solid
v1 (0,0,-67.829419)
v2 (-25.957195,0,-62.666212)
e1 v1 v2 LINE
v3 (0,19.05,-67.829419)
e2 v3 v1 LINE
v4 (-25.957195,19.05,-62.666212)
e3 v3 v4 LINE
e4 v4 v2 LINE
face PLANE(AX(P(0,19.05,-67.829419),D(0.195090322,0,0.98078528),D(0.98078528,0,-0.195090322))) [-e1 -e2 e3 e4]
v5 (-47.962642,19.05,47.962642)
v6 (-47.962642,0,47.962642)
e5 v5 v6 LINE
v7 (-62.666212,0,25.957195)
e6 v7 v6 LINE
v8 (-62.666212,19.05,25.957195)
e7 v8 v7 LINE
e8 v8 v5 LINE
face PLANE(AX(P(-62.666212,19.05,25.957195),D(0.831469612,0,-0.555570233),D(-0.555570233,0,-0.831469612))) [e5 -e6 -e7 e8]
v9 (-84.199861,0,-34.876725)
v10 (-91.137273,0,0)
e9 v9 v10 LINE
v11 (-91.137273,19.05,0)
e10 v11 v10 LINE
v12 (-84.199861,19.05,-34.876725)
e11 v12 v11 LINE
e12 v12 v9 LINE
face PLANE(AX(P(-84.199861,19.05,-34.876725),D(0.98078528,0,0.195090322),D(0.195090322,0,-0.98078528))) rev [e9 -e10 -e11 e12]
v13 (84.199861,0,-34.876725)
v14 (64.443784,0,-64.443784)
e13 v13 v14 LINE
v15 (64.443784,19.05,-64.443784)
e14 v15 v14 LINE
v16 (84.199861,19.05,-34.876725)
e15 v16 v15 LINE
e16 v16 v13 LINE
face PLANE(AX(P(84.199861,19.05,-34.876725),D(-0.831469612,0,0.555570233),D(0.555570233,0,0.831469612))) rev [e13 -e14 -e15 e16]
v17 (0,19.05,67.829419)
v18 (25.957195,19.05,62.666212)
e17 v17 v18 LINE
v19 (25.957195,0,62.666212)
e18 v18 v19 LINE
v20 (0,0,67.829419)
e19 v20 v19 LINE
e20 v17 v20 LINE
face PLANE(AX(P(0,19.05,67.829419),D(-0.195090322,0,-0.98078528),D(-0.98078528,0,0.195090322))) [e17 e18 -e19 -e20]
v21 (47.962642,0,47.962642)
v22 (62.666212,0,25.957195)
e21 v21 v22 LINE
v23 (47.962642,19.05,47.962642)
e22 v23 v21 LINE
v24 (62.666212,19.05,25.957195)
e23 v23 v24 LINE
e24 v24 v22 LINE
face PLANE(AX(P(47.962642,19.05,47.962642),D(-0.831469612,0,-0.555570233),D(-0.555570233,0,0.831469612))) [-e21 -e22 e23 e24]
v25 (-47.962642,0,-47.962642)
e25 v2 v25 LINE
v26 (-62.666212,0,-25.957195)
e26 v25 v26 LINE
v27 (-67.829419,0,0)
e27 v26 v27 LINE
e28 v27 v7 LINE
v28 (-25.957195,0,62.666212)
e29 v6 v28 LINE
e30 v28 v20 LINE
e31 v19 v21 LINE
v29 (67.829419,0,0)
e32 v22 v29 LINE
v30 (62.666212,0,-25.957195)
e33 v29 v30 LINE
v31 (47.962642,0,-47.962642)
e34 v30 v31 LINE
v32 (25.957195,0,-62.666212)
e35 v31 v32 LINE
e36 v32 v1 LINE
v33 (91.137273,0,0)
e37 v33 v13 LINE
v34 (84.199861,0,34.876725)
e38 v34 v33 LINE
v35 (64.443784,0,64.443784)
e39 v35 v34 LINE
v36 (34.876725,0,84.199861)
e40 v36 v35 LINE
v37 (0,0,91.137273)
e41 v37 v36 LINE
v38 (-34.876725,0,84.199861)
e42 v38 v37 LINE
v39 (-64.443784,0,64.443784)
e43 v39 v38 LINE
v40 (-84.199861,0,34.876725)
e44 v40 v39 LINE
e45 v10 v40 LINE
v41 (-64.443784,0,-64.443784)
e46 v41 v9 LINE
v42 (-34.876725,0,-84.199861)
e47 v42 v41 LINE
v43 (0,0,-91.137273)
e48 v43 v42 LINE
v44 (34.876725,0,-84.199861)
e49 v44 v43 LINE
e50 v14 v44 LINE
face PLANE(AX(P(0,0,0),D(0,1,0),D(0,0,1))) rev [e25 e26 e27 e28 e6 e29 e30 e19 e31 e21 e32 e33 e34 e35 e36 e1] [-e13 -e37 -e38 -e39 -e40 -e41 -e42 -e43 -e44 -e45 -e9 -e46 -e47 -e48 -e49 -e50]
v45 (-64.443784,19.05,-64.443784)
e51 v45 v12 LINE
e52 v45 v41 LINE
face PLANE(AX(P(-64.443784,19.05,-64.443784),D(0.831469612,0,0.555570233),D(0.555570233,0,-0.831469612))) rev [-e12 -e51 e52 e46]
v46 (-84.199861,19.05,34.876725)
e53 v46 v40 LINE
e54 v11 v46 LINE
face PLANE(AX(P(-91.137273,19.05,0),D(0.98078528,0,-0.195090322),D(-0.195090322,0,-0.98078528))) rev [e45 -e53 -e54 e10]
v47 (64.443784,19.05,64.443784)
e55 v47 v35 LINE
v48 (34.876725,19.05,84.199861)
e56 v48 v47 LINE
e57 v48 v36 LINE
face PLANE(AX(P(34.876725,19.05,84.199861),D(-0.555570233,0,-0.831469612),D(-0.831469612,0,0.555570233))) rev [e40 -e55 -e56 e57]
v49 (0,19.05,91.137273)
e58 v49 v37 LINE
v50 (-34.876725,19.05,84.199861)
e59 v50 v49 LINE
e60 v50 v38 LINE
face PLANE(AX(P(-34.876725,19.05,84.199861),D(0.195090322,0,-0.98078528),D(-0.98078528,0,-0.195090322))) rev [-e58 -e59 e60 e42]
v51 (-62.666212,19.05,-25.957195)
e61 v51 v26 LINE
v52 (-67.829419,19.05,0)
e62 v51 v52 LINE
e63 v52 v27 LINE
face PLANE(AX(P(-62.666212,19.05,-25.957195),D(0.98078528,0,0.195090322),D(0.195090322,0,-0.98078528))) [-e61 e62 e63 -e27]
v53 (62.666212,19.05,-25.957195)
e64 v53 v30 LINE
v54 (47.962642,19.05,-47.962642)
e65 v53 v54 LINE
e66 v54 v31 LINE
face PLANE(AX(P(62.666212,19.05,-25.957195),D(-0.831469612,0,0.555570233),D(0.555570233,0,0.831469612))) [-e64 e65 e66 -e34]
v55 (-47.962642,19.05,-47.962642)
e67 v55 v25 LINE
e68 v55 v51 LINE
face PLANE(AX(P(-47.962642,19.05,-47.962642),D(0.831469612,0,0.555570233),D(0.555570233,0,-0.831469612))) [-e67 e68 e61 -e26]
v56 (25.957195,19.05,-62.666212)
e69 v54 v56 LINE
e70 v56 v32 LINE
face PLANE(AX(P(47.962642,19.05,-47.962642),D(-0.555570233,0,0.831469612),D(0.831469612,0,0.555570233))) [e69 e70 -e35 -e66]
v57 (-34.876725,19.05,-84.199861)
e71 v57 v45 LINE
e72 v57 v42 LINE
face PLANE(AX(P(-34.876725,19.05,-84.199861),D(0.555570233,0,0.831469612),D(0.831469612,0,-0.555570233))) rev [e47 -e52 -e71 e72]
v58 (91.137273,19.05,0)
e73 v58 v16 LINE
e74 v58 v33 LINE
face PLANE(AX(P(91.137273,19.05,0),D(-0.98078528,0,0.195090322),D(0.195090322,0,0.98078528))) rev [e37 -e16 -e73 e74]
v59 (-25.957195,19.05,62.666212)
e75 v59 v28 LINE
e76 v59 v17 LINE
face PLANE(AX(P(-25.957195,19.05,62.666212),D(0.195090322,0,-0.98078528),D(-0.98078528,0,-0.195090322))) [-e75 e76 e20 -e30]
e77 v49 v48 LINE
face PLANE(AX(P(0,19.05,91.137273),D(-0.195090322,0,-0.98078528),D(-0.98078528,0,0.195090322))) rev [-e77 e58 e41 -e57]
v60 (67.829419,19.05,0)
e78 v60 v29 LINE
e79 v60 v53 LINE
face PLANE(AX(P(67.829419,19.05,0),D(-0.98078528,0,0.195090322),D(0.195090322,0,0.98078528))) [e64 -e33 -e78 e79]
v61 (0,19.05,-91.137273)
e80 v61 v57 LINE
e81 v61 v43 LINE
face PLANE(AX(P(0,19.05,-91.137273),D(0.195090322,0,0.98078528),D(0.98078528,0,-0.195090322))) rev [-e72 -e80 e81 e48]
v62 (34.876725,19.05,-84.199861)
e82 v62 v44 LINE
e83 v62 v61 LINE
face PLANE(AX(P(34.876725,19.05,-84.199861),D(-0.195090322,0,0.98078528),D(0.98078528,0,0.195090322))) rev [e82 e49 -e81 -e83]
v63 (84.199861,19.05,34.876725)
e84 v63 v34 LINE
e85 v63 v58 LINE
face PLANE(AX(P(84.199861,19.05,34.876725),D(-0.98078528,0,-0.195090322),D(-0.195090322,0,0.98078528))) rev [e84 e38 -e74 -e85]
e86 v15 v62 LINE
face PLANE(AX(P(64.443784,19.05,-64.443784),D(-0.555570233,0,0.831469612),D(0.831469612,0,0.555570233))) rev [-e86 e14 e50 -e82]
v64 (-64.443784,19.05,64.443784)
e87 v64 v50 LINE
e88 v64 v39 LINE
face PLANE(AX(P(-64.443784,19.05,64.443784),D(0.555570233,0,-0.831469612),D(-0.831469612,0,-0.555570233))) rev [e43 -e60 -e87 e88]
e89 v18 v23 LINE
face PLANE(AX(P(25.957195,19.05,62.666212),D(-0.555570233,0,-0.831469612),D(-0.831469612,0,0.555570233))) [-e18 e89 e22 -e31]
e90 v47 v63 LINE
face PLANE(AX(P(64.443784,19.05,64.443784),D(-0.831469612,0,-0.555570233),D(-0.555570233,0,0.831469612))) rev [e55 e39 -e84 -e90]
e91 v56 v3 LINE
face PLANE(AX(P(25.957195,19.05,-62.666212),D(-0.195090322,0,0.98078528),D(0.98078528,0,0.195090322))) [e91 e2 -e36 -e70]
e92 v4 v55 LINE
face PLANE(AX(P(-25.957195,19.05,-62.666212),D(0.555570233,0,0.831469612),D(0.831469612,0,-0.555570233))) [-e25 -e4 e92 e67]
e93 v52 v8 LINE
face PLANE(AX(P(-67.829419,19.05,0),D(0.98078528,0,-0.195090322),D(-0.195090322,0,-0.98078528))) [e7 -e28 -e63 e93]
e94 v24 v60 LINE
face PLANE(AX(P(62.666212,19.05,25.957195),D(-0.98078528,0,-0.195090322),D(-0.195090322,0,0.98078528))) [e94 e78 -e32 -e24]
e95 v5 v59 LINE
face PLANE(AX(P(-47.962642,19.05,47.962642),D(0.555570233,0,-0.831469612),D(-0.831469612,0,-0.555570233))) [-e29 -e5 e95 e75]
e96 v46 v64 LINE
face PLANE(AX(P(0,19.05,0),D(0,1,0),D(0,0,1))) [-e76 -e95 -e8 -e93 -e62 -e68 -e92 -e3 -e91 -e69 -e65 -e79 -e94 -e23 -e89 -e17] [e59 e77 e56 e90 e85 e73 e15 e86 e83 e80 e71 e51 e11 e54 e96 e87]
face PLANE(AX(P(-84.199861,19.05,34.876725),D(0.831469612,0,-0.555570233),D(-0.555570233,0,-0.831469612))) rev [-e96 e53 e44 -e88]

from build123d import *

# Parameters (mm, degrees)
BOSS_EXTRUDE1_DEPTH = 19.05


with BuildPart() as part:
    # Sketch1 → Boss-Extrude1 (new body)
    with BuildSketch(Plane(origin=(0, 0, 0), x_dir=(1, 0, 0), z_dir=(0, 1, 0))):
        Polygon((91.137273322, 0), (84.199861471, 34.876724571), (64.443783985, 64.443783985), (34.876724571, 84.199861471), (0, 91.137273322), (-34.876724571, 84.199861471), (-64.443783985, 64.443783985), (-84.199861471, 34.876724571), (-91.137273322, 0), (-84.199861471, -34.876724571), (-64.443783985, -64.443783985), (-34.876724571, -84.199861471), (0, -91.137273322), (34.876724571, -84.199861471), (64.443783985, -64.443783985), (84.199861471, -34.876724571), align=None)
        Polygon((67.829419445, 0), (62.666212327, 25.957195049), (47.962642454, 47.962642454), (25.957195049, 62.666212327), (0, 67.829419445), (-25.957195049, 62.666212327), (-47.962642454, 47.962642454), (-62.666212327, 25.957195049), (-67.829419445, 0), (-62.666212327, -25.957195049), (-47.962642454, -47.962642454), (-25.957195049, -62.666212327), (0, -67.829419445), (25.957195049, -62.666212327), (47.962642454, -47.962642454), (62.666212327, -25.957195049), align=None, mode=Mode.SUBTRACT)
    extrude(amount=BOSS_EXTRUDE1_DEPTH)


solid = part.part
